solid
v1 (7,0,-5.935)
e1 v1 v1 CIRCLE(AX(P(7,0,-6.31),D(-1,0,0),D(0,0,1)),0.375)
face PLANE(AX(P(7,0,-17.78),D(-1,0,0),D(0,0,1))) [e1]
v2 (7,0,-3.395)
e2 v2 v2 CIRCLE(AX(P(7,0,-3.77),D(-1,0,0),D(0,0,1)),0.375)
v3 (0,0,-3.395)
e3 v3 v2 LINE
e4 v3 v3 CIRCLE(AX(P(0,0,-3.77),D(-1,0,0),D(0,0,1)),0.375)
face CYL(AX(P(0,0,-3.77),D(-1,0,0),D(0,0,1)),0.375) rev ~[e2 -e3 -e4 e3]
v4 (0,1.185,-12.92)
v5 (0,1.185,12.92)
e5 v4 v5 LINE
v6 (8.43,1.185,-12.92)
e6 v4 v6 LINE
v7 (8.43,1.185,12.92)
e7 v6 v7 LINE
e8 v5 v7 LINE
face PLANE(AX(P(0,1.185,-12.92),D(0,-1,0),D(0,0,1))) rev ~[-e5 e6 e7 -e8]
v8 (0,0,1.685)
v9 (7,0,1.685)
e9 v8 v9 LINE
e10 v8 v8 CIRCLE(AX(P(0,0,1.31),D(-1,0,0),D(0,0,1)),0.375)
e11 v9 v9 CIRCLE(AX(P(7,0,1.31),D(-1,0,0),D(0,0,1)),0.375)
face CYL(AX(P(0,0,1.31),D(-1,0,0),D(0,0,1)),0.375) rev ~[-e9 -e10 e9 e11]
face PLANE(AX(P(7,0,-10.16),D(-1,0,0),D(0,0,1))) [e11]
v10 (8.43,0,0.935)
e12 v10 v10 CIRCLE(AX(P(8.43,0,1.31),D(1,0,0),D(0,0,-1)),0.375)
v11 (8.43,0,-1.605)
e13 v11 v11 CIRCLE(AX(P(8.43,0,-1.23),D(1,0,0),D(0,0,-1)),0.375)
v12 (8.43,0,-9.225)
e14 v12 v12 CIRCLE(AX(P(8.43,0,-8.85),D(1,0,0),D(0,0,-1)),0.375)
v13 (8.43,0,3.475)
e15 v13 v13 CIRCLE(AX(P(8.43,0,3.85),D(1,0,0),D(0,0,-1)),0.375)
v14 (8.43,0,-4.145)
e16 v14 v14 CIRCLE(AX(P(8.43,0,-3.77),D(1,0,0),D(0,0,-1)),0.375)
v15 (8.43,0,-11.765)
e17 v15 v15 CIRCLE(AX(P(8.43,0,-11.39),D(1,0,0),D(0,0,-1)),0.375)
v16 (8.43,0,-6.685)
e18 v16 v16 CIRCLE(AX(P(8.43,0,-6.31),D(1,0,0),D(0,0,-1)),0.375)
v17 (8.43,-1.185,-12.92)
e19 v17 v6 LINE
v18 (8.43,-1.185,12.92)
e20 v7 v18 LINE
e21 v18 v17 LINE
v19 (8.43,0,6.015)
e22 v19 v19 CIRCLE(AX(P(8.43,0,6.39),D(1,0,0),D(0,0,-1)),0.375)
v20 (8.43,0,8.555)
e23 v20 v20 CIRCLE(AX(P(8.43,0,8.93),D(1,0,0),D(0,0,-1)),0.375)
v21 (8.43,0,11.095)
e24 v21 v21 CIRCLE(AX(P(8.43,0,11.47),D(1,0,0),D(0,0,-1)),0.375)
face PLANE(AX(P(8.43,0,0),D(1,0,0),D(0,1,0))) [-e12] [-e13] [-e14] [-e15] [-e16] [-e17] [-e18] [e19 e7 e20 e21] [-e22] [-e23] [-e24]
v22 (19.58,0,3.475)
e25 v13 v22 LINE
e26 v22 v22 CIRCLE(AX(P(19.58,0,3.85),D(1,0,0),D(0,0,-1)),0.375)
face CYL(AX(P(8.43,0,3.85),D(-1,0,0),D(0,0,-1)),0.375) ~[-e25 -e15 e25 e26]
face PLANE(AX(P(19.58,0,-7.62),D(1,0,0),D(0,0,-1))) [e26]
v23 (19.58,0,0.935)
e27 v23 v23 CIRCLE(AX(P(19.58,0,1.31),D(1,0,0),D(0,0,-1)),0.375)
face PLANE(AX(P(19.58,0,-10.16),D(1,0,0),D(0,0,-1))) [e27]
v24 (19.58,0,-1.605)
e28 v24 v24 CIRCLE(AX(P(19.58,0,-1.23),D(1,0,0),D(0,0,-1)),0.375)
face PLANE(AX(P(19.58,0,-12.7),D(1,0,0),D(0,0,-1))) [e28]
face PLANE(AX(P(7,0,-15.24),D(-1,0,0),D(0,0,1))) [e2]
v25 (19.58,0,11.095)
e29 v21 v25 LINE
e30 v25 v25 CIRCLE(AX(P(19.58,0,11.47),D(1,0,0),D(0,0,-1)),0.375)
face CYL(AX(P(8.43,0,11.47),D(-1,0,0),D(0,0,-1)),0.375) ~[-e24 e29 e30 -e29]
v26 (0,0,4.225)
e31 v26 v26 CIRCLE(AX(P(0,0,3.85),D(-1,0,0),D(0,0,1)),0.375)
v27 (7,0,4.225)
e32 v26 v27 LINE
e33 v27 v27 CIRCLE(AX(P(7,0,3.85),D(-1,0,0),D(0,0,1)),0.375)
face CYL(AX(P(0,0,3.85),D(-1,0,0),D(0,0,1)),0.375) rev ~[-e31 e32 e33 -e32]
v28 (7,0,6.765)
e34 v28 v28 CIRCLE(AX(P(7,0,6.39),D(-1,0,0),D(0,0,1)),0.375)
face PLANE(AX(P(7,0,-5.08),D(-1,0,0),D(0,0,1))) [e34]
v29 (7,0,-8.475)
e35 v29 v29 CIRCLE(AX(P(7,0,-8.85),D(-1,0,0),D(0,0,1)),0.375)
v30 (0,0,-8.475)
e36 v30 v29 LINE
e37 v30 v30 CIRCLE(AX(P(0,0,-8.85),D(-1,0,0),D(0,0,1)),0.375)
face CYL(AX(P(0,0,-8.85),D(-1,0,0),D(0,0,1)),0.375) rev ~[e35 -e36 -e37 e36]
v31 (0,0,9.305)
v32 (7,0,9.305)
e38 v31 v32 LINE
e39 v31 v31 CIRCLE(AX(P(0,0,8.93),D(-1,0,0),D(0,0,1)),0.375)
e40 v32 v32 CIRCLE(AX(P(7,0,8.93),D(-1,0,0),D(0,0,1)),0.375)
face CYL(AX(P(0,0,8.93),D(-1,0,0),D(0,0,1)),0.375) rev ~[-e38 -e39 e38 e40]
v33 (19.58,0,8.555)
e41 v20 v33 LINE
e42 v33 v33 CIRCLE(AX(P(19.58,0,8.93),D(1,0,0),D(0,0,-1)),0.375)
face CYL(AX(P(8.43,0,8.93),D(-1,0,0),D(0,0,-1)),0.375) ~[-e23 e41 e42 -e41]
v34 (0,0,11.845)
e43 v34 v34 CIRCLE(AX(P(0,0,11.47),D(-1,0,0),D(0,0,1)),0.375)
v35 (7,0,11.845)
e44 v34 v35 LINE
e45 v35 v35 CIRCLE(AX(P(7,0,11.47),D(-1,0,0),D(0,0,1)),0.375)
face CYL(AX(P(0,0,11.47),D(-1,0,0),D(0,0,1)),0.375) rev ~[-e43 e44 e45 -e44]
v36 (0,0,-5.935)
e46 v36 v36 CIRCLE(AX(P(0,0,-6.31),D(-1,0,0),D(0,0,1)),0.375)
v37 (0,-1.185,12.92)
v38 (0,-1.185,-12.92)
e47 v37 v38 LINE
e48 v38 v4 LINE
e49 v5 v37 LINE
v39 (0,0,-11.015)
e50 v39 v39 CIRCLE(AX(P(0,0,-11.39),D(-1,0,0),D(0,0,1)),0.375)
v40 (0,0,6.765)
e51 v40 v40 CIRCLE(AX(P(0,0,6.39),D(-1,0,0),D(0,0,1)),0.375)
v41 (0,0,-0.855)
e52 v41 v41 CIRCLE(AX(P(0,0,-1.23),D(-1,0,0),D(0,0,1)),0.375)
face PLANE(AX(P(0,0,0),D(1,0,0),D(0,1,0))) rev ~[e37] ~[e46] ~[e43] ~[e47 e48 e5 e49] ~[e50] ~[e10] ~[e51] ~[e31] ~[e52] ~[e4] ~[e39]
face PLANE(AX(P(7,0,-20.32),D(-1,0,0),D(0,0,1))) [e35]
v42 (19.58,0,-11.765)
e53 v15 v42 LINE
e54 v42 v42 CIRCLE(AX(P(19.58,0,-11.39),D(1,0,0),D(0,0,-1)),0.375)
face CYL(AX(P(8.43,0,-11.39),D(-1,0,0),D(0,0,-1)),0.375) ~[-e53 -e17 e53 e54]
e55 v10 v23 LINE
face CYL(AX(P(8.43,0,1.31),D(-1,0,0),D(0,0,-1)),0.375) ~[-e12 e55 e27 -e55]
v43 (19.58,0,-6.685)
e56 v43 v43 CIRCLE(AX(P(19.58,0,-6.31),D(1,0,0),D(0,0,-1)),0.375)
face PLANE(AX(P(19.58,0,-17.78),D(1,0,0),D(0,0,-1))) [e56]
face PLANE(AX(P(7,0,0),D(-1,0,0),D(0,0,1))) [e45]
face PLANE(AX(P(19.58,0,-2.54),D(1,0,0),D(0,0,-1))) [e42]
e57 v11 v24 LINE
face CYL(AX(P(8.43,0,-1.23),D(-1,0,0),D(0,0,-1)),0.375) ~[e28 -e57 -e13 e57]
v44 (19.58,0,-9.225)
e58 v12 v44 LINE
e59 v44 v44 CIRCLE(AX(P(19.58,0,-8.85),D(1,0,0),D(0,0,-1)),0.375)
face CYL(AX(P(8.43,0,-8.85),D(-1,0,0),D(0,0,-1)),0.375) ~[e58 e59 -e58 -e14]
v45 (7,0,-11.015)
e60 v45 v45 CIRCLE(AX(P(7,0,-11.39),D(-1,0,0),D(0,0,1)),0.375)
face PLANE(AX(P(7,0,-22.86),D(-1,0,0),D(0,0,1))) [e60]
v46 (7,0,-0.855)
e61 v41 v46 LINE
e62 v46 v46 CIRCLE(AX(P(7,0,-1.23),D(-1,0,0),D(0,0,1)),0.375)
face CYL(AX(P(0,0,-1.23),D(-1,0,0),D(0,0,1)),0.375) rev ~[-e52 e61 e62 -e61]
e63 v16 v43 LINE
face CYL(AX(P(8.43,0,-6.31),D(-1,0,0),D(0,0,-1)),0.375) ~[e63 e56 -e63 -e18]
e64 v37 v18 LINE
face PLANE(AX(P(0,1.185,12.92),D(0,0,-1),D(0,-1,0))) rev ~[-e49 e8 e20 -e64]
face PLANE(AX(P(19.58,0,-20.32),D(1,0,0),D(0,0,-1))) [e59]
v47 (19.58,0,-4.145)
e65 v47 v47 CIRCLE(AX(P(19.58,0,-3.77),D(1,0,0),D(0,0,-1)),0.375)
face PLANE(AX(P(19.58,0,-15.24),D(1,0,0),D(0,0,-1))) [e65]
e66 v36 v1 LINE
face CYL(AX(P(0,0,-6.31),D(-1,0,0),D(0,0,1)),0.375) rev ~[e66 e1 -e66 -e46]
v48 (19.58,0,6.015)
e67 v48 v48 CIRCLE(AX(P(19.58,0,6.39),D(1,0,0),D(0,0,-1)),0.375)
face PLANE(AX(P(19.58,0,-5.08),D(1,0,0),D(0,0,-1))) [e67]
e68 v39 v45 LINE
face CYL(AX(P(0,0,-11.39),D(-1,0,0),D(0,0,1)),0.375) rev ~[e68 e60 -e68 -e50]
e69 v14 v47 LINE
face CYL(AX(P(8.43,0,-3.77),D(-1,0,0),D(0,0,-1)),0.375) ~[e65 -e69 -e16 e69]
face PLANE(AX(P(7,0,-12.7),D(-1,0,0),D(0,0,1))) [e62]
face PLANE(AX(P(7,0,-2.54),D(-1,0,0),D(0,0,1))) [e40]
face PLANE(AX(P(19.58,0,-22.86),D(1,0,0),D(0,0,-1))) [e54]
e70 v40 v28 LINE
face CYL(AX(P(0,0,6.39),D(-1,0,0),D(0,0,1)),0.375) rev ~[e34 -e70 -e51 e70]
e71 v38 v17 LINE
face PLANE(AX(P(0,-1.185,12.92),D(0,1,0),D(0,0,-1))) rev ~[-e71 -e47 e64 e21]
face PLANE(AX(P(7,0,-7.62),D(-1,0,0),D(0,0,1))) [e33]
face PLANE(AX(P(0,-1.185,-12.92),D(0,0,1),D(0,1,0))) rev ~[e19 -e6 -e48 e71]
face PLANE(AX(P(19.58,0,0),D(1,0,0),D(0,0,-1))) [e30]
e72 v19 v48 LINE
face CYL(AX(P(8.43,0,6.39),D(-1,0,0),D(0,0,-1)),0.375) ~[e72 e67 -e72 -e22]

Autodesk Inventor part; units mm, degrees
ref_plane "YZ Plane" through (0, 0, 0) normal (1, 0, 0) x (0, 1, 0)
ref_plane "XZ Plane" through (0, 0, 0) normal (0, 1, 0) x (-1, 0, 0)
ref_plane "XY Plane" through (0, 0, 0) normal (0, 0, 1) x (1, 0, 0)
sketch "Sketch1" plane through (0, 0, 0) normal (1, 0, 0) x (0, 1, 0)
  line L0 (-1.185, -12.92) -> (1.185, -12.92)
  line L1 (1.185, -12.92) -> (1.185, 12.92)
  line L2 (1.185, 12.92) -> (-1.185, 12.92)
  line L3 (-1.185, 12.92) -> (-1.185, -12.92)
  line L4 (-1.185, -12.92) -> (1.185, 12.92) construction
  line L5 (1.185, -12.92) -> (-1.185, 12.92) construction
  point P0 (0, 0)
  dimension "d0" = 2.37
  dimension "d1" = 25.84
extrude "Extrusion1" add sketch "Sketch1" along normal blind 8.43
sketch "Sketch2" plane through (8.43, 0, 0) normal (1, 0, 0) x (0, 0, -1)
  line L0 (12.92, -1.185) -> (12.92, 1.185) projected
  line L1 (12.92, 1.185) -> (-12.92, 1.185) projected
  line L2 (-12.92, 1.185) -> (-12.92, -1.185) projected
  line L3 (-12.92, -1.185) -> (12.92, -1.185) projected
  circle A0 centre (-11.47, 0) radius 0.375
  point P0 (0, 0)
  dimension "d4" = 0.75
  dimension "d5" = 1.45
extrude "Extrusion2" add sketch "Sketch2" along normal blind 11.15 contours A0
sketch "Sketch3" plane through (0, 0, 0) normal (-1, 0, 0) x (0, 0, 1)
  circle A0 centre (11.47, 0) radius 0.375 projected
  point P0 (0, 0)
extrude "Extrusion3" cut sketch "Sketch3" against normal blind 7
pattern_linear "Rectangular Pattern1" count 10 spacing 2.54 along (0, 0, -1) of "Extrusion2", "Extrusion3"
ref_plane "Work Plane1" through (0, -1.185, 0) normal (0, 0, 1) x (1, 0, 0)
ref_plane "Work Plane3" through (0, 0, 12.92) normal (0, 1, 0) x (1, 0, 0)
properties part number "00_electricpin_2.54_10x"
